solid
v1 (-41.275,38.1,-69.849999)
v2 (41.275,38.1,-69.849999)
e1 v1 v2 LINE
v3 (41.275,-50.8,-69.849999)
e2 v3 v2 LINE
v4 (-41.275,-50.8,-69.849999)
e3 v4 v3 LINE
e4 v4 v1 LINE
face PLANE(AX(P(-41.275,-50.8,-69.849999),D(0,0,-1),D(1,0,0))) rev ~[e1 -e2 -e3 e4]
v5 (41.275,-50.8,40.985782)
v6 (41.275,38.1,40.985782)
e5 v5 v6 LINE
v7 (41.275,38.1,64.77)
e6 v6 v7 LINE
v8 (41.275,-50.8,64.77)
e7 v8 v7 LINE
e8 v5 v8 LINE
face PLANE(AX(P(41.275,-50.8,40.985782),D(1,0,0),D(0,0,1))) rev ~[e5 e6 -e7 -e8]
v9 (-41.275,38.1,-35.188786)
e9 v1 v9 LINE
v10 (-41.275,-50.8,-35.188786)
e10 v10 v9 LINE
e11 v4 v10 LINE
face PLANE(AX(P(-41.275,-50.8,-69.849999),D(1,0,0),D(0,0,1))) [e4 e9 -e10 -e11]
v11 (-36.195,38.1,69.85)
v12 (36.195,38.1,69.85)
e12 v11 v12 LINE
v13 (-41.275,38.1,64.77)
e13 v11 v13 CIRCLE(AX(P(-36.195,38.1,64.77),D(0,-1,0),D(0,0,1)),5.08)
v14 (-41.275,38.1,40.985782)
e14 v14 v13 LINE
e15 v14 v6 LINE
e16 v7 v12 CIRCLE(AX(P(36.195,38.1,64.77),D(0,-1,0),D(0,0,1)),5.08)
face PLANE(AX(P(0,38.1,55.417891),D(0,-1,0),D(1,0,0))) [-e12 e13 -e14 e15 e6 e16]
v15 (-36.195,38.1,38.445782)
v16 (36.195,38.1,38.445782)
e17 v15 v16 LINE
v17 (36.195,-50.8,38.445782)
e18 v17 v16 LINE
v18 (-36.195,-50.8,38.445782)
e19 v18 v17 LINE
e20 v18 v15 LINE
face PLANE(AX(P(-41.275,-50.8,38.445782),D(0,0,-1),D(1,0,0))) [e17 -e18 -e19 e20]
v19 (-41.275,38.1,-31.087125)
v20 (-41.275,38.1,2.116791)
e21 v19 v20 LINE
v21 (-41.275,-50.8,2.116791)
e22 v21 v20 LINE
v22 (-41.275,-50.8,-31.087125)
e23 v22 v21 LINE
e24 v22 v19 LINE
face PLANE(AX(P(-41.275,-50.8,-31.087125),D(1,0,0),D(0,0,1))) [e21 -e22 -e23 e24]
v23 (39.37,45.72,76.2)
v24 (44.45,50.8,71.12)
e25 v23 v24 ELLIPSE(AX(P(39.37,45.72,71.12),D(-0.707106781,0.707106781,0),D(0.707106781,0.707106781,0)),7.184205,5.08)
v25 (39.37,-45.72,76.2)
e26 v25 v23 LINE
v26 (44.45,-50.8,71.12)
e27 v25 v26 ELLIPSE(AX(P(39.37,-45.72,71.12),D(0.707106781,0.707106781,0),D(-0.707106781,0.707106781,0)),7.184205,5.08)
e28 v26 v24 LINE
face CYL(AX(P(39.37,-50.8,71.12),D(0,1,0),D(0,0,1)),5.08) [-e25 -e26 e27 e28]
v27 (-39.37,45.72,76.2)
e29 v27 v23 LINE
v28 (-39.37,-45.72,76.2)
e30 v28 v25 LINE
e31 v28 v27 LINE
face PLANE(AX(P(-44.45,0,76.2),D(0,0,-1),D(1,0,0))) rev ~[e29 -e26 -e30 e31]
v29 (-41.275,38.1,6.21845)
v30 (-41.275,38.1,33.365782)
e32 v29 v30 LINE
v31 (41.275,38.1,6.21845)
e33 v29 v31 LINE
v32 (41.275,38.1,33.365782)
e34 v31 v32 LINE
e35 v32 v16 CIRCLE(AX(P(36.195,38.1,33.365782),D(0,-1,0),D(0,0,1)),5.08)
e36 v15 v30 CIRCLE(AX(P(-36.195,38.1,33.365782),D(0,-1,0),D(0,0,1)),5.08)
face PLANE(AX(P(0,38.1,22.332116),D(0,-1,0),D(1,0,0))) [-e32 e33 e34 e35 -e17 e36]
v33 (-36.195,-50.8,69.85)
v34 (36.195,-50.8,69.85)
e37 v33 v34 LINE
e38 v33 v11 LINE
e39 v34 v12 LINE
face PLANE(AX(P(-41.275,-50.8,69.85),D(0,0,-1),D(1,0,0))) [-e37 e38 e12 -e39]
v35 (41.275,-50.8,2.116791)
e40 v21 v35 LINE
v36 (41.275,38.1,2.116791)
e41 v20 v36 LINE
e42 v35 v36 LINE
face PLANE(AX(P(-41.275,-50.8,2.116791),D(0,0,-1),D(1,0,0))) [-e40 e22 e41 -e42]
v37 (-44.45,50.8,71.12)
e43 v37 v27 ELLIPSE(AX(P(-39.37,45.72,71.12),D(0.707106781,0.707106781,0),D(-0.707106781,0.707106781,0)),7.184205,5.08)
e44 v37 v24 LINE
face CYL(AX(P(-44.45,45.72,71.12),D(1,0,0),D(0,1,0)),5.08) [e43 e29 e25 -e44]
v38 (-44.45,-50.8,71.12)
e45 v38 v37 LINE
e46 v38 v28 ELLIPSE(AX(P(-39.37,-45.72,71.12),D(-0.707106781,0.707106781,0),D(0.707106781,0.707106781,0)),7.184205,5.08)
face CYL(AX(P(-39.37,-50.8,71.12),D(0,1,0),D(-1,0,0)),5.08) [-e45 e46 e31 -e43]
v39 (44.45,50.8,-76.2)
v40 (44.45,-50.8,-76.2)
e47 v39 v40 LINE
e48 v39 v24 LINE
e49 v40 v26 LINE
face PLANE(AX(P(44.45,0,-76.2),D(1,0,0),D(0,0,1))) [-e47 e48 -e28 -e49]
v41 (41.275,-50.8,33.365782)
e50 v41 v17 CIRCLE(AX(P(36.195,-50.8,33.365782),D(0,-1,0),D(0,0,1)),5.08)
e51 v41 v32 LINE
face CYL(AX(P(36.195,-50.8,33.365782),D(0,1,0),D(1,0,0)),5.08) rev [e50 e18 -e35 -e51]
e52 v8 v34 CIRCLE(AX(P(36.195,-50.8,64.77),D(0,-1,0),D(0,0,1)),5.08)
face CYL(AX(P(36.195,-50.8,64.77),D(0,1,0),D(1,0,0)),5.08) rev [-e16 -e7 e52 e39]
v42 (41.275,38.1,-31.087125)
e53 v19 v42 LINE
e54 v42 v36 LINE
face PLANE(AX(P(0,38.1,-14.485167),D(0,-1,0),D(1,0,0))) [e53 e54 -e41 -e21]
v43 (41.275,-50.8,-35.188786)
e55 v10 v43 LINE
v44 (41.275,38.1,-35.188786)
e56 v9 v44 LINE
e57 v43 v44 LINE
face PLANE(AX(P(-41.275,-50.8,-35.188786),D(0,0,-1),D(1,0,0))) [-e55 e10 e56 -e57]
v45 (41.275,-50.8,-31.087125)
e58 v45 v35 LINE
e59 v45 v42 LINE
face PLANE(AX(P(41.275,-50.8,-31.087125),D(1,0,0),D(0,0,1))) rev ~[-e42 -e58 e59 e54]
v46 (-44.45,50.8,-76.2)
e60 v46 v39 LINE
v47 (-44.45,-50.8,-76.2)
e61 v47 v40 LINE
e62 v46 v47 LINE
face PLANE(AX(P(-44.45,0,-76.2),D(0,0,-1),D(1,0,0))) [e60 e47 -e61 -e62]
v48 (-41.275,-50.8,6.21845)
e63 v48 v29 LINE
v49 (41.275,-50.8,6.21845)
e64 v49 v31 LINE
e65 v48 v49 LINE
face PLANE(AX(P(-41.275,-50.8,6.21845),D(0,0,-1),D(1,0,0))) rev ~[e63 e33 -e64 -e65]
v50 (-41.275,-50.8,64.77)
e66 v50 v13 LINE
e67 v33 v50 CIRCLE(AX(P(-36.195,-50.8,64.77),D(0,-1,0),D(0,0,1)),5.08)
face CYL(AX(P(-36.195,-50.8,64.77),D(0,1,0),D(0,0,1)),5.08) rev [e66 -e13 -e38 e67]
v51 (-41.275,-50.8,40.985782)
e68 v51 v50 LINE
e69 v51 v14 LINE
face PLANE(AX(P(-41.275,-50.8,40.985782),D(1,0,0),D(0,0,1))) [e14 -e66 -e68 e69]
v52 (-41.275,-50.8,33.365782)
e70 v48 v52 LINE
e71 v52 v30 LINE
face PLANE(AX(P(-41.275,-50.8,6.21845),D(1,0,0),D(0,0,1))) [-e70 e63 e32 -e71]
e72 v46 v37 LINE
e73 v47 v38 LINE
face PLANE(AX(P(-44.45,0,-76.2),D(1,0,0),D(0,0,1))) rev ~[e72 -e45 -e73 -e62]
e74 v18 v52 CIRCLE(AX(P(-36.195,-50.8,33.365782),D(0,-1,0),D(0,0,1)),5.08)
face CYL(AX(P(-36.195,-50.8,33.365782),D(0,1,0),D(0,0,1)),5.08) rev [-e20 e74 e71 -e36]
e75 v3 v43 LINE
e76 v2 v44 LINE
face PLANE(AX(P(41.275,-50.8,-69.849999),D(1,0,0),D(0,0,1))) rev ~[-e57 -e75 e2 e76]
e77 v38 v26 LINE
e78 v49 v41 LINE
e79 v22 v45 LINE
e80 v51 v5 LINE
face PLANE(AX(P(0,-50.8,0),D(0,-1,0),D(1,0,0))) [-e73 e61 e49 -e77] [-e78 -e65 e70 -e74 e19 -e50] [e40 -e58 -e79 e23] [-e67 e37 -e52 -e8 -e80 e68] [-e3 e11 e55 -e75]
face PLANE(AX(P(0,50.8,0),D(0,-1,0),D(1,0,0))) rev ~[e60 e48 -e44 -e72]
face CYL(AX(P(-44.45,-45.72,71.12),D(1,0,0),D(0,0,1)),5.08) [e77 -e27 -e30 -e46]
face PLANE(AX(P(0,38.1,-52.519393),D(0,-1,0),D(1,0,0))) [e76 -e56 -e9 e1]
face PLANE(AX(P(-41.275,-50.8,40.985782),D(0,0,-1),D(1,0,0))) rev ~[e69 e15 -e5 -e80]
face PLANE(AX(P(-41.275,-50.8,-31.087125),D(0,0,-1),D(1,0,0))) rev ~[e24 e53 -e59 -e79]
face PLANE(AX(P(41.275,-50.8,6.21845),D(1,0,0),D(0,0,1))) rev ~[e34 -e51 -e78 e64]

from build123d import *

# Parameters (mm, degrees)
F0_W     = 88.9
F0_H     = 152.4
F1_DEPTH = 50.8
F2_W     = 82.55
F2_H     = 28.864218
F2_H_2   = 32.227332
F2_H_3   = 33.203915
F2_H_4   = 34.661213
F3_DEPTH = 88.9
F4_R     = 5.08


with BuildPart() as f1:
    # F0 (on Front) → F1 (new body, symmetric)
    with BuildSketch(Plane.XZ):
        Rectangle(F0_W, F0_H)
    extrude(amount=F1_DEPTH, both=True)

    # F2 (on face) → F3 (cut)
    with BuildSketch(Plane.XZ.offset(50.8)):
        with Locations((0, 55.417891)):
            Rectangle(F2_W, F2_H)
        with Locations((0, 22.332116)):
            Rectangle(F2_W, F2_H_2)
        with Locations((0, -14.485167)):
            Rectangle(F2_W, F2_H_3)
        with Locations((0, -52.519393)):
            Rectangle(F2_W, F2_H_4)
    extrude(amount=-F3_DEPTH, mode=Mode.SUBTRACT)

    # F4
    f4_edges = [f1.edges().sort_by_distance(p)[0] for p in [
        (-44.45, 0, 76.2),
        (44.45, 0, 76.2),
        (0, 50.8, 76.2),
        (0, -50.8, 76.2),
        (-41.275, -6.35, 38.445782),
        (41.275, -6.35, 38.445782),
        (41.275, -6.35, 69.85),
        (-41.275, -6.35, 69.85),
    ]]
    fillet(f4_edges, radius=F4_R)


solid = f1.part
